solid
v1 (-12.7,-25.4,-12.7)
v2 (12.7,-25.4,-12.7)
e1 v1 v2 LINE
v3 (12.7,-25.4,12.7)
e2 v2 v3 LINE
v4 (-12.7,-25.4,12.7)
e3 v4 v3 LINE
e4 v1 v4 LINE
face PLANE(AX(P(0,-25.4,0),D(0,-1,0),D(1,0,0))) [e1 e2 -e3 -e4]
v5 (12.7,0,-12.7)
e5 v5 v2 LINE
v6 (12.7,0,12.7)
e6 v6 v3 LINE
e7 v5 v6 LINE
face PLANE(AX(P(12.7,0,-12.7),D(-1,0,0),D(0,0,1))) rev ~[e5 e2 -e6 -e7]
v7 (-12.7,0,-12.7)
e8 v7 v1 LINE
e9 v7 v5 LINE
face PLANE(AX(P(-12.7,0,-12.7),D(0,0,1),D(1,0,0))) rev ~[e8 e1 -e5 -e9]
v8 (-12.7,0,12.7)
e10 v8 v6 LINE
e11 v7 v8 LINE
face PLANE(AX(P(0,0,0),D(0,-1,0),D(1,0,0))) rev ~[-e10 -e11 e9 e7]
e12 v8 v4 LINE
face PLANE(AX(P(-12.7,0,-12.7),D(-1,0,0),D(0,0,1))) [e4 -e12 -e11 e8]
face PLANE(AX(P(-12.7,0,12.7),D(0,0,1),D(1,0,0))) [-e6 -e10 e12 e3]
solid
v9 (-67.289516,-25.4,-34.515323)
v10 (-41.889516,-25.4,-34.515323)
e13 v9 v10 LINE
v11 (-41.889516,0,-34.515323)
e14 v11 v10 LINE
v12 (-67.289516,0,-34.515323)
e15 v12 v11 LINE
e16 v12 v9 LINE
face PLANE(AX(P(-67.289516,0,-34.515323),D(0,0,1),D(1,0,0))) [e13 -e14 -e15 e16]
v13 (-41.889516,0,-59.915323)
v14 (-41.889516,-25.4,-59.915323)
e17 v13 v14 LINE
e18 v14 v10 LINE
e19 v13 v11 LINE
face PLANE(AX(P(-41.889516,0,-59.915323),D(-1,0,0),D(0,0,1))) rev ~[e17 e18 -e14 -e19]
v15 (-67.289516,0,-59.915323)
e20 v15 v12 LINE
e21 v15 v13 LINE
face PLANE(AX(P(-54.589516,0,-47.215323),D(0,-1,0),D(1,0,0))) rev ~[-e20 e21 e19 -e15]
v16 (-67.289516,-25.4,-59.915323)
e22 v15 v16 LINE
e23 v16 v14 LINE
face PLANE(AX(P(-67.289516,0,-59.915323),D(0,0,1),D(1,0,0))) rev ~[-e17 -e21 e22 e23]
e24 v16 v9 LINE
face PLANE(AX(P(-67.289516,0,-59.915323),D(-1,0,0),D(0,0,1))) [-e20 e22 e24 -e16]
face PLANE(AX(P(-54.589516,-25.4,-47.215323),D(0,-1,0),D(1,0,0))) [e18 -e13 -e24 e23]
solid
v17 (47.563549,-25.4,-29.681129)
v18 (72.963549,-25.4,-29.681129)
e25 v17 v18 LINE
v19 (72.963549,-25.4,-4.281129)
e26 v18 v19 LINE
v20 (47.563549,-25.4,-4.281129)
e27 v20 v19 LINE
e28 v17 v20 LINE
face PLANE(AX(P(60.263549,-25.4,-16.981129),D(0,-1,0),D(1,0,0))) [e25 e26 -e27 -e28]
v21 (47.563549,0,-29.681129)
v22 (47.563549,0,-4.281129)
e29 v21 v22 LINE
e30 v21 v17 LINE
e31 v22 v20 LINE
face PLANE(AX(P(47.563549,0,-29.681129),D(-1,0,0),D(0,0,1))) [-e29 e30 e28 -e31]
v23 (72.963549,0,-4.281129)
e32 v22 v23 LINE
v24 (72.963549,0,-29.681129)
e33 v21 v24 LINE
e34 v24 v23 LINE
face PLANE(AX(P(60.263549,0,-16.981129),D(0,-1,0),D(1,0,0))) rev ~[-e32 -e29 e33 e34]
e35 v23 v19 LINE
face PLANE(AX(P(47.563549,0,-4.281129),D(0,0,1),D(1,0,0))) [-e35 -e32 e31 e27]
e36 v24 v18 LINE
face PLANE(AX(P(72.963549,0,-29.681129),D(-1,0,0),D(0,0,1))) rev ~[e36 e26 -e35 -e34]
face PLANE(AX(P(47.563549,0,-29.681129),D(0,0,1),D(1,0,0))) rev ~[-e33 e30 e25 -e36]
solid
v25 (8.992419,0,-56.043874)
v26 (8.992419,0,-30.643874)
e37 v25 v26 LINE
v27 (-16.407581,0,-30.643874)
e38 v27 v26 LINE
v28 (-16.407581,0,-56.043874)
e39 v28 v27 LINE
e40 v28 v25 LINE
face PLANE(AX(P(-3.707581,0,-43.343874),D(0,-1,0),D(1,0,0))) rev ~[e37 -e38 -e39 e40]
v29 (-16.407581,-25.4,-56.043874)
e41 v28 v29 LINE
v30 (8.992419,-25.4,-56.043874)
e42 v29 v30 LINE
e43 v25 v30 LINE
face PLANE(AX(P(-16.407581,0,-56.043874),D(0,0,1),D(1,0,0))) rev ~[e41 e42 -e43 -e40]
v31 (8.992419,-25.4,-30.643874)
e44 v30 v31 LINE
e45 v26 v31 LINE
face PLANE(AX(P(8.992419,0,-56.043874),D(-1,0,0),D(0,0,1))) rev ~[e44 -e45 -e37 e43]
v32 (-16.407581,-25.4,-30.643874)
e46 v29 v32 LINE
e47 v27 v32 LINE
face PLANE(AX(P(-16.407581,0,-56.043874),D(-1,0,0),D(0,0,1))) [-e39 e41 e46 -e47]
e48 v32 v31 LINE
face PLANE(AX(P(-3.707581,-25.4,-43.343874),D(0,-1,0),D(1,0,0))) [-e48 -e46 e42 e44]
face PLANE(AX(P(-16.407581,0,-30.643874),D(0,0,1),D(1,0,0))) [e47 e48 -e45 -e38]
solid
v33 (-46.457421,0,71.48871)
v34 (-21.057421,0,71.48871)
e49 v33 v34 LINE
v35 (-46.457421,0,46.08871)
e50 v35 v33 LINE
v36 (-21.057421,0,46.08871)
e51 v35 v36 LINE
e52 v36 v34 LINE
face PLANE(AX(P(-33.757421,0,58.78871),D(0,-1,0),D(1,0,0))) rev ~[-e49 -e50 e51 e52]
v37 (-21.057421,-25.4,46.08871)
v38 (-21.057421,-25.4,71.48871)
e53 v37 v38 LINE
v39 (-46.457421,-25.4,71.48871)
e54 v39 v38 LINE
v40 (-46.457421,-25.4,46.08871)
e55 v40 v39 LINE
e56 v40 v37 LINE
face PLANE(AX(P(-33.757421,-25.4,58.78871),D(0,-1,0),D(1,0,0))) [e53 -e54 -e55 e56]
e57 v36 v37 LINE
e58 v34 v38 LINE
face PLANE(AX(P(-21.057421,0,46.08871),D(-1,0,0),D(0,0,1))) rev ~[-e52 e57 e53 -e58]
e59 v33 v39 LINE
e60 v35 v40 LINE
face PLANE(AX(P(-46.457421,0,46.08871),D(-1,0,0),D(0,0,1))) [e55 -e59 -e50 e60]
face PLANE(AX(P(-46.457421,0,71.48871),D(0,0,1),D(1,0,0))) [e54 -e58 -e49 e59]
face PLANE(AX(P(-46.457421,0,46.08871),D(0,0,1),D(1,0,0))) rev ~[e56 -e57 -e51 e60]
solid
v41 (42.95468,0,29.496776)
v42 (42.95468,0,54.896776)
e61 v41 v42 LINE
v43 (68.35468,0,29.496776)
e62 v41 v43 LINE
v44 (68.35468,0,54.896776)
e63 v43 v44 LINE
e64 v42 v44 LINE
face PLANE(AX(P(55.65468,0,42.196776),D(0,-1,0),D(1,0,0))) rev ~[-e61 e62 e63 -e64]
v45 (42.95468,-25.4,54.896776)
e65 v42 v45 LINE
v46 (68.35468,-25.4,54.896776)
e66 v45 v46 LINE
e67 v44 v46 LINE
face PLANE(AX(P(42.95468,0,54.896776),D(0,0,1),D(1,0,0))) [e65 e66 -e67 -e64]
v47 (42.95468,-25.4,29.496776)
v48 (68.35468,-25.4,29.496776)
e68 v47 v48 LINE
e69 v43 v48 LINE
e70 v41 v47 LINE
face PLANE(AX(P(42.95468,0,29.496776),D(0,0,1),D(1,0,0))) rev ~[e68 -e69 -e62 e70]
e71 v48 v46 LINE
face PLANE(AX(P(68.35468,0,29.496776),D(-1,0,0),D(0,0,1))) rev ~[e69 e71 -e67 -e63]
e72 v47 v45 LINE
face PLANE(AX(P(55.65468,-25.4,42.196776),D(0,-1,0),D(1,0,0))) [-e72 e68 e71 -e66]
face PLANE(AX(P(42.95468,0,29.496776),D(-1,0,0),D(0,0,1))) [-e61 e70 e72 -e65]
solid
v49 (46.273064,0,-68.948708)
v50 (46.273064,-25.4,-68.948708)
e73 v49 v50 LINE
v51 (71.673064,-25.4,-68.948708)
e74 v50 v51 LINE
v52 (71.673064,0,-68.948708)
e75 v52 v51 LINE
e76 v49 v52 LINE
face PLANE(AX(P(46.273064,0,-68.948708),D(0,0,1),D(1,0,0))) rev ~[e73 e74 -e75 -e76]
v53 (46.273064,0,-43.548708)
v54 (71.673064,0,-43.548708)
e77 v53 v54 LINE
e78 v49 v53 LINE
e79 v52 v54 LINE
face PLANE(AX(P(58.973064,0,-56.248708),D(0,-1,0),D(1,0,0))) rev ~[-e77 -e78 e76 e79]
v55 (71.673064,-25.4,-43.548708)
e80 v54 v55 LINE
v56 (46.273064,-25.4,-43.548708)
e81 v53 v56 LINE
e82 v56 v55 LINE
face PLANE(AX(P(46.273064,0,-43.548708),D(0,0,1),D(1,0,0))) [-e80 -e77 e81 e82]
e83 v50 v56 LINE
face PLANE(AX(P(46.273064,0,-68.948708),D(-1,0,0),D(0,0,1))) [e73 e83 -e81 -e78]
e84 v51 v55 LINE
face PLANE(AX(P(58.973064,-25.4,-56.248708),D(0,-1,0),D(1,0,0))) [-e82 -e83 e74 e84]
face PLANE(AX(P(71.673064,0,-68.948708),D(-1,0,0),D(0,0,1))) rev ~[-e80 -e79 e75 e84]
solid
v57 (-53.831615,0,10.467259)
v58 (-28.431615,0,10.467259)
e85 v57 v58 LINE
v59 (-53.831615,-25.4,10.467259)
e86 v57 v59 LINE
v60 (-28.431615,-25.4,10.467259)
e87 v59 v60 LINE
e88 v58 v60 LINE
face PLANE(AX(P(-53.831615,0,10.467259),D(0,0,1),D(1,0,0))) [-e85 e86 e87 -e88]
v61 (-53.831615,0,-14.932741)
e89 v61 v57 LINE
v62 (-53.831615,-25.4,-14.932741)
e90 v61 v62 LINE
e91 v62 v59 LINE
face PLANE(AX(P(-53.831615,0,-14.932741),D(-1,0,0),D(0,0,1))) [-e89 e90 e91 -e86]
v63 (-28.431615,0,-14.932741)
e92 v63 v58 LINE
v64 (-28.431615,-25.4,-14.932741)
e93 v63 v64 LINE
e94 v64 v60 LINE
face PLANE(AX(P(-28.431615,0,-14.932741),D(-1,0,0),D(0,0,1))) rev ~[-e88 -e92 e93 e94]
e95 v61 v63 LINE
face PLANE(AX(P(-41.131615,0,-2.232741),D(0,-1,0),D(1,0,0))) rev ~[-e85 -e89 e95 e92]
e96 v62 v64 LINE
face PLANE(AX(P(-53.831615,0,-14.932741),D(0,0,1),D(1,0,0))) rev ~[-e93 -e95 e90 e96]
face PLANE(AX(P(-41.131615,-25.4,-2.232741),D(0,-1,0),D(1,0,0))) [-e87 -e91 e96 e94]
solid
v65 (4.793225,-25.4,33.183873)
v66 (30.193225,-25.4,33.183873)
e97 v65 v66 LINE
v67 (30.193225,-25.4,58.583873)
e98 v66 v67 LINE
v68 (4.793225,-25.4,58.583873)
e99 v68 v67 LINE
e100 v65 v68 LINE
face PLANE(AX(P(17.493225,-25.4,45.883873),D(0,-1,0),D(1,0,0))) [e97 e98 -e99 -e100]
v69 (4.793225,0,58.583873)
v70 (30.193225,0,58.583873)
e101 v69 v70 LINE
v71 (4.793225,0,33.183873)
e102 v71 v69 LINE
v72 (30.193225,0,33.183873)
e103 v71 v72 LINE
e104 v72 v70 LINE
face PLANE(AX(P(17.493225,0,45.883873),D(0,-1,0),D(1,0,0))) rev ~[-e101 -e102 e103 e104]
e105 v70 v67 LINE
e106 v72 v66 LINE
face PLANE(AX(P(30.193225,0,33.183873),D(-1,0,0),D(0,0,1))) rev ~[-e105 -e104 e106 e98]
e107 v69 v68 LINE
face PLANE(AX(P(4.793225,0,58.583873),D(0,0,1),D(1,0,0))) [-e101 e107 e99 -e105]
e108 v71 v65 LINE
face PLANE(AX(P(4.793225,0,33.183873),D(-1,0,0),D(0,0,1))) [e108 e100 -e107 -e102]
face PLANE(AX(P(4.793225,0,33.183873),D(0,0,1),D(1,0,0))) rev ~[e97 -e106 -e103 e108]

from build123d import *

# Parameters (mm, degrees)
F0_W     = 25.4
F0_H     = 25.4
F1_DEPTH = 25.4


with BuildPart() as f1:
    # F0 (on Front) → F1 (new body)
    with BuildSketch(Plane.XZ):
        with Locations((-33.757421, 58.78871)):
            Rectangle(F0_W, F0_H)
        with Locations((17.493225, 45.883873)):
            Rectangle(F0_W, F0_H)
        with Locations((55.65468, 42.196776)):
            Rectangle(F0_W, F0_H)
        with Locations((60.263549, -16.981129)):
            Rectangle(F0_W, F0_H)
        with Locations((58.973064, -56.248708)):
            Rectangle(F0_W, F0_H)
        with Locations((-3.707581, -43.343874)):
            Rectangle(F0_W, F0_H)
        Rectangle(F0_W, F0_H)
        with Locations((-41.131615, -2.232741)):
            Rectangle(F0_W, F0_H)
        with Locations((-54.589516, -47.215323)):
            Rectangle(F0_W, F0_H)
    extrude(amount=F1_DEPTH)


solid = f1.part
